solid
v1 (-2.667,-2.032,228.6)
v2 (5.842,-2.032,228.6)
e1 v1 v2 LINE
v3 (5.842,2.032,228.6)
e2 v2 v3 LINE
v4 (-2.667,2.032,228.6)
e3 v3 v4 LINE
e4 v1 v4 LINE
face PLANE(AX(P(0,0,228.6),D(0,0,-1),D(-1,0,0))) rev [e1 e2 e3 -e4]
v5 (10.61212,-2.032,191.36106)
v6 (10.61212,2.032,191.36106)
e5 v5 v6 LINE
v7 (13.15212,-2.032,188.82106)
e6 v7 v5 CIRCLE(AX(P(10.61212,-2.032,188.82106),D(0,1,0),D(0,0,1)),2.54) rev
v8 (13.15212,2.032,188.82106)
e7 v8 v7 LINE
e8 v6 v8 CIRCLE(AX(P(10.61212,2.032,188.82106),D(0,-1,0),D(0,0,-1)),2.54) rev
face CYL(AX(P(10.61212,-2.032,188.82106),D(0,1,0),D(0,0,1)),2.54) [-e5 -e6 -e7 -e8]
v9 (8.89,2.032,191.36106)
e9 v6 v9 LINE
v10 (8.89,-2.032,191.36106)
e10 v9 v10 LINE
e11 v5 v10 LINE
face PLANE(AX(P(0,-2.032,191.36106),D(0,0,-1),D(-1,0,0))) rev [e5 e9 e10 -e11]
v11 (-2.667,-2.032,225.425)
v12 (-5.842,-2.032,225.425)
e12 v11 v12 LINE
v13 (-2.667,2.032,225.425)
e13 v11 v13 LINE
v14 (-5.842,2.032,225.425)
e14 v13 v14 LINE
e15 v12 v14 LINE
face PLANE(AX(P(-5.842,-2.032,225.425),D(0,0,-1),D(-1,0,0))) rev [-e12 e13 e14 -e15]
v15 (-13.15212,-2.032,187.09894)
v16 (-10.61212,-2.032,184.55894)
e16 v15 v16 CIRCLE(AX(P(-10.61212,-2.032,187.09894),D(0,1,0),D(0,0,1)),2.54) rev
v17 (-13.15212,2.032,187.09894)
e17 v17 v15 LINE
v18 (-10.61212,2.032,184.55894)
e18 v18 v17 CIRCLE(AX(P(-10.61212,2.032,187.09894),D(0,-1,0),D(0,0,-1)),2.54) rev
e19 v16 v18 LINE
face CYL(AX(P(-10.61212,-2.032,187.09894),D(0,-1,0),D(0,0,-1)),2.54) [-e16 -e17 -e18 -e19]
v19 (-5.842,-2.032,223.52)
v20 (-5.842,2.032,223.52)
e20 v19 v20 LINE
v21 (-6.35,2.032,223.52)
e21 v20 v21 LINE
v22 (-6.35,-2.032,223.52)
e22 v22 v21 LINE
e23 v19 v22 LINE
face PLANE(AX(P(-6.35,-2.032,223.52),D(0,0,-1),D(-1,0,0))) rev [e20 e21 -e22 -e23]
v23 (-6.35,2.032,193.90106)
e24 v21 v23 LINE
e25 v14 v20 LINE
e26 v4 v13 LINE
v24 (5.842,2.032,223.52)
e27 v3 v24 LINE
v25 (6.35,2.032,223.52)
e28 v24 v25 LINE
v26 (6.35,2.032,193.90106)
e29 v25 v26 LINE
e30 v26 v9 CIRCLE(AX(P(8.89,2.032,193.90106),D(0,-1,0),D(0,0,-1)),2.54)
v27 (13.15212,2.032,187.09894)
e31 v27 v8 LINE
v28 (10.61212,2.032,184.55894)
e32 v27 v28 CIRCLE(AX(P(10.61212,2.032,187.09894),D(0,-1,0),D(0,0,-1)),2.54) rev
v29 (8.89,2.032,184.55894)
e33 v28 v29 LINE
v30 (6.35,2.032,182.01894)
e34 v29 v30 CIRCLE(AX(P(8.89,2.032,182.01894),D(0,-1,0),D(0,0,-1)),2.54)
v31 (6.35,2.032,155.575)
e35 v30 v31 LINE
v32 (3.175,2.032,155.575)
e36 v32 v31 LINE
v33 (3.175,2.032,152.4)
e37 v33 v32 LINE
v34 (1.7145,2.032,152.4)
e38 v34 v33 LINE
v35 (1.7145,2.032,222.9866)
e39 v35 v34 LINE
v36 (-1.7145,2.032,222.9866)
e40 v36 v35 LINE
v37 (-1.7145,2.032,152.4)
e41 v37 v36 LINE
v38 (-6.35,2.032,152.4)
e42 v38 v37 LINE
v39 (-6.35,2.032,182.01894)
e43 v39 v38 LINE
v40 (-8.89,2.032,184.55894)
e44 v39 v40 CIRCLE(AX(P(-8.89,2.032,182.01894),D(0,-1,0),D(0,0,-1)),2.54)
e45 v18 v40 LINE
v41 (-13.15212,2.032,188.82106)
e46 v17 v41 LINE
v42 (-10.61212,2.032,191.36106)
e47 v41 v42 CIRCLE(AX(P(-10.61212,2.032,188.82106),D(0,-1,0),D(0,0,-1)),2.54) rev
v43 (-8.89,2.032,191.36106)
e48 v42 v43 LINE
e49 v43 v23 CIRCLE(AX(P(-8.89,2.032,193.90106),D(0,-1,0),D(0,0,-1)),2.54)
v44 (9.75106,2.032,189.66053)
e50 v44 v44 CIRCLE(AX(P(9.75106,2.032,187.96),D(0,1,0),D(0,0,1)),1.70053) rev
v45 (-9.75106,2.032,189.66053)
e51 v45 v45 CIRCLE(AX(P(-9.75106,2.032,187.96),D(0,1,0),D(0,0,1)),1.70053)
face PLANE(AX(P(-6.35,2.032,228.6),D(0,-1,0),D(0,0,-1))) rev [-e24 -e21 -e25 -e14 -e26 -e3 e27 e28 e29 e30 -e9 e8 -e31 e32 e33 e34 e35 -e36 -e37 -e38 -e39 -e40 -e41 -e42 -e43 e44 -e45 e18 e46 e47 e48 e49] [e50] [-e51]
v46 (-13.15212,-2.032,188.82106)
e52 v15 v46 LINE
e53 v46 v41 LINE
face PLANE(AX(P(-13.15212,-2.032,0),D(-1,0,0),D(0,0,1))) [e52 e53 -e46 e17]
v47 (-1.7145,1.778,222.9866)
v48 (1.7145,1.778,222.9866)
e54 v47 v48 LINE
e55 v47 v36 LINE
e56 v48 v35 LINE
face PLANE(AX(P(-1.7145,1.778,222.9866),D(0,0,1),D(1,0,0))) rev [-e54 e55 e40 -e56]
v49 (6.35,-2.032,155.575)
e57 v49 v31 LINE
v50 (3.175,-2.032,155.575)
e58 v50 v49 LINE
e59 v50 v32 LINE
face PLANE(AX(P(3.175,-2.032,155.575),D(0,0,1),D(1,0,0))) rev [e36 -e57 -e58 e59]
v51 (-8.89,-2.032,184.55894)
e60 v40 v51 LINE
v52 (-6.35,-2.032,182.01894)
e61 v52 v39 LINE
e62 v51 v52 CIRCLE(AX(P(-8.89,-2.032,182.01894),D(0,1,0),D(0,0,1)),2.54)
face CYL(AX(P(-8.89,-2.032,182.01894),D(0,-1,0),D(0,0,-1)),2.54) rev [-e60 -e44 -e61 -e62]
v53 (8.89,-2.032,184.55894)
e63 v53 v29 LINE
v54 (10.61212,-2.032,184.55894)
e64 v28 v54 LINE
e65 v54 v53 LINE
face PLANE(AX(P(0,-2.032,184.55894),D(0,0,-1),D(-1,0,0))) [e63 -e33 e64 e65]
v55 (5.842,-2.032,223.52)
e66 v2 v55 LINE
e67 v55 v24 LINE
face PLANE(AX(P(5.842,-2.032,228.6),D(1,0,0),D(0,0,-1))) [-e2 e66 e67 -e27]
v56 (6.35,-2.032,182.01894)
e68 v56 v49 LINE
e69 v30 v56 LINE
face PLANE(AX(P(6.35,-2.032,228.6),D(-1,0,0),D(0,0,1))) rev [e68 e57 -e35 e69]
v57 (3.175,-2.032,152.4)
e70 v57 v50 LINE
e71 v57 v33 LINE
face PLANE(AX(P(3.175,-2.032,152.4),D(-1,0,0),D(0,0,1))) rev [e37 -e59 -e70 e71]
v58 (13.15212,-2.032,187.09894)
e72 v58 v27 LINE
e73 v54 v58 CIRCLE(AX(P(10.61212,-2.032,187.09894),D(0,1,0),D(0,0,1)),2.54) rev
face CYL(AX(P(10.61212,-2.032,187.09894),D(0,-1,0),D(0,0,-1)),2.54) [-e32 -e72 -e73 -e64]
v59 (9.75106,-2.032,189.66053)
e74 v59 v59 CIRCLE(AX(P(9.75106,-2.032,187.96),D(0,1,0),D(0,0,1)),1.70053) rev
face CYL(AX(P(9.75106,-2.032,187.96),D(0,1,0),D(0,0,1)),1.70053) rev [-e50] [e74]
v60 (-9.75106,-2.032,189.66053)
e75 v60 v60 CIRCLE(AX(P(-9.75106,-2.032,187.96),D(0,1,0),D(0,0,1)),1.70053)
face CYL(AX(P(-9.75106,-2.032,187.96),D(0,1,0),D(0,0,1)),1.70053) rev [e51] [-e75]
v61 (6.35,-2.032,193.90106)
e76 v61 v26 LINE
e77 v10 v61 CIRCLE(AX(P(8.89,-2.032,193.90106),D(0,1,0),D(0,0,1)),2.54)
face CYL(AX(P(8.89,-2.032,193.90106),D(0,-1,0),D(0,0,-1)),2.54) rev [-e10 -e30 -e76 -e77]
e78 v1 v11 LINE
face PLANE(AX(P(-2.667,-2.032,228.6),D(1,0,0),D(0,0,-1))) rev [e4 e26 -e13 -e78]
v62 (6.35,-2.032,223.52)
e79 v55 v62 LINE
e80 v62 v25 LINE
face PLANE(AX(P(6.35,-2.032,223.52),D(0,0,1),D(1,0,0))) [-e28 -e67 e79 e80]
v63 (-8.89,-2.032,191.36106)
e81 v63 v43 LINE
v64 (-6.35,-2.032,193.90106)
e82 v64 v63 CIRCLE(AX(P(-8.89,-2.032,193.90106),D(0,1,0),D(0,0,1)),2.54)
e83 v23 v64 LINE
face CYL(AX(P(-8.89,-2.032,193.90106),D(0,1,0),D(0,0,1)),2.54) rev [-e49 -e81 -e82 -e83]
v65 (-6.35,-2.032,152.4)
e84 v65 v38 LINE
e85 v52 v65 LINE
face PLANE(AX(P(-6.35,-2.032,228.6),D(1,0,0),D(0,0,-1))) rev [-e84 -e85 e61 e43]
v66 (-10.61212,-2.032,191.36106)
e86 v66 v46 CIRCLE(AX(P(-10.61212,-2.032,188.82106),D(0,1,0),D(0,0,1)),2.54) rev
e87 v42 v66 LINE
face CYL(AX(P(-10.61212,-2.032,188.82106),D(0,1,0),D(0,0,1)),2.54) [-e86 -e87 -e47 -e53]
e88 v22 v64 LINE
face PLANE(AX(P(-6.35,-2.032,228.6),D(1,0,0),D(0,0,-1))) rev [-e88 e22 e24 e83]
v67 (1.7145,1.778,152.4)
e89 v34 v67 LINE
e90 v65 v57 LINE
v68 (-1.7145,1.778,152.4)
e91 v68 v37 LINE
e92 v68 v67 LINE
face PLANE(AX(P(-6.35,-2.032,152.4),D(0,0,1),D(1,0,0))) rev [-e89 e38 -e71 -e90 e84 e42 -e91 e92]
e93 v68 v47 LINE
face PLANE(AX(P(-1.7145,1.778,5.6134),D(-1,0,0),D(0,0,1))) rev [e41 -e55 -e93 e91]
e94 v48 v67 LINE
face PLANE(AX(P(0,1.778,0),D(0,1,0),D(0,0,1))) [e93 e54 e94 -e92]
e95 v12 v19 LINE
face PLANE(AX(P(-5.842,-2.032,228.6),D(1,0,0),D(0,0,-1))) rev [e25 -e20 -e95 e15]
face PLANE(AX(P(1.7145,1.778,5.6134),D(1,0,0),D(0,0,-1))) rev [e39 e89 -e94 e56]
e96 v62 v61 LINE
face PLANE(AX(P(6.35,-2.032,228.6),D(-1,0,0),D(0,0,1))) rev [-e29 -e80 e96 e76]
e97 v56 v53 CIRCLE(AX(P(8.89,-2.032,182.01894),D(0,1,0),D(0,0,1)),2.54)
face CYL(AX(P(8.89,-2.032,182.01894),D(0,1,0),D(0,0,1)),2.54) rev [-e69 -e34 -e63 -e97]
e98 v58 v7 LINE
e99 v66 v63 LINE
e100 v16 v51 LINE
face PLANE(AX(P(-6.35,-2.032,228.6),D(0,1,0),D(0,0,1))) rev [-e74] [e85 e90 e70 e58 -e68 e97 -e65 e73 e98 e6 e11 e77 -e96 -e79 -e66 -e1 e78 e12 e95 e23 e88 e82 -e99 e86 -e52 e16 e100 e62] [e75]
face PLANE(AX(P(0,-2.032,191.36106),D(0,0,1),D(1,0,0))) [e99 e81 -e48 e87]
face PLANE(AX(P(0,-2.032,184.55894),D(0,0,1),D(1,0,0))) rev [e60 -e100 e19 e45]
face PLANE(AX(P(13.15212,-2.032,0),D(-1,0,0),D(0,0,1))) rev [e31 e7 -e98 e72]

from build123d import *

# Parameters (mm, degrees)
SKETCH1_W               = 12.7
SKETCH1_H               = 4.064
BOSS_EXTRUDE1_DEPTH     = 228.6
SKETCH2_W               = 3.429
SKETCH2_H               = 217.3732
CUT_EXTRUDE1_DEPTH      = 0.254
SKETCH3_W               = 0.508
SKETCH3_H               = 5.08
CUT_EXTRUDE2_DEPTH      = 229.724285103
MIRROR2_COPY_1_SKETCH_W = 0.508
MIRROR2_COPY_1_SKETCH_H = 5.08
MIRROR2_COPY_1_DEPTH    = 229.724285103
SKETCH4_W               = 3.175
SKETCH4_H               = 3.175
CUT_EXTRUDE3_DEPTH      = 229.724285103
CUT_EXTRUDE4_DEPTH      = 229.724285103
SKETCH7_W               = 6.80212
SKETCH7_H               = 6.80212
SKETCH7_R               = 1.70053
BOSS_EXTRUDE2_DEPTH     = 4.064
FILLET1_R               = 2.54


with BuildPart() as part:
    # Sketch1 → Boss-Extrude1 (new body)
    with BuildSketch(Plane.XY):
        Rectangle(SKETCH1_W, SKETCH1_H)
    extrude(amount=BOSS_EXTRUDE1_DEPTH)

    # Sketch2 → Cut-Extrude1 (cut)
    with BuildSketch(Plane(origin=(0, 2.032, 0), x_dir=(1, 0, 0), z_dir=(0, 1, 0))):
        with Locations((0, -114.3)):
            Rectangle(SKETCH2_W, SKETCH2_H)
    extrude(amount=-CUT_EXTRUDE1_DEPTH, mode=Mode.SUBTRACT)

    # Sketch3 → Cut-Extrude2 (cut, through all)
    with BuildSketch(Plane(origin=(0, 2.032, 0), x_dir=(1, 0, 0), z_dir=(0, 1, 0))):
        with Locations((-6.096, -226.06)):
            Rectangle(SKETCH3_W, SKETCH3_H)
    cut_extrude2 = extrude(amount=-CUT_EXTRUDE2_DEPTH, mode=Mode.SUBTRACT)

    # Mirror1: Cut-Extrude2 across plane
    add(cut_extrude2.mirror(Plane(origin=(0, 0, 114.3), x_dir=(1, 0, 0), z_dir=(0, 0, -1))), mode=Mode.SUBTRACT)

    # Mirror2: Cut-Extrude2 across plane
    add(cut_extrude2.mirror(Plane(origin=(0, 0, 0), x_dir=(0, 0, 1), z_dir=(1, 0, 0))), mode=Mode.SUBTRACT)

    # Mirror2 copy 1 sketch → Mirror2 copy 1 (cut, through all)
    with BuildSketch(Plane(origin=(0, 2.032, 228.6), x_dir=(-1, 0, 0), z_dir=(0, 1, 0))):
        with Locations((-6.096, -226.06)):
            Rectangle(MIRROR2_COPY_1_SKETCH_W, MIRROR2_COPY_1_SKETCH_H)
    extrude(amount=-MIRROR2_COPY_1_DEPTH, mode=Mode.SUBTRACT)

    # Sketch4 → Cut-Extrude3 (cut, through all)
    with BuildSketch(Plane(origin=(0, 2.032, 0), x_dir=(1, 0, 0), z_dir=(0, 1, 0))):
        with Locations((-4.2545, -227.0125)):
            Rectangle(SKETCH4_W, SKETCH4_H)
    extrude(amount=-CUT_EXTRUDE3_DEPTH, mode=Mode.SUBTRACT)

    # Sketch5 → Cut-Extrude4 (cut, through all)
    with BuildSketch(Plane(origin=(0, 2.032, 0), x_dir=(1, 0, 0), z_dir=(0, 1, 0))):
        Polygon((-6.35, 0), (6.35, 0), (6.35, -152.4), (6.35, -155.575), (3.175, -155.575), (3.175, -152.4), (-6.35, -152.4), align=None)
    extrude(amount=-CUT_EXTRUDE4_DEPTH, mode=Mode.SUBTRACT)

    # Sketch7 → Boss-Extrude2 (add, through all)
    # profile 1 of 2: a face of its own
    with BuildSketch(Plane(origin=(0, 2.032, 0), x_dir=(1, 0, 0), z_dir=(0, 1, 0))):
        with Locations((9.75106, -187.96)):
            Rectangle(SKETCH7_W, SKETCH7_H)
        with Locations(Location((9.75106, -187.96, 0), (0, 0, 270))):
            Circle(SKETCH7_R, mode=Mode.SUBTRACT)
    # profile 2 of 2: a face of its own
    with BuildSketch(Plane(origin=(0, 2.032, 0), x_dir=(1, 0, 0), z_dir=(0, 1, 0))):
        with Locations((-9.75106, -187.96)):
            Rectangle(SKETCH7_W, SKETCH7_H)
        with Locations(Location((-9.75106, -187.96, 0), (0, 0, 270))):
            Circle(SKETCH7_R, mode=Mode.SUBTRACT)
    extrude(amount=-BOSS_EXTRUDE2_DEPTH)

    # Fillet1
    fillet1_edges = [part.edges().sort_by_distance(p)[0] for p in [
        (6.35, 0, 191.36106),
        (13.15212, 0, 191.36106),
        (13.15212, 0, 184.55894),
        (6.35, 0, 184.55894),
        (-13.15212, 0, 184.55894),
        (-6.35, 0, 184.55894),
        (-13.15212, 0, 191.36106),
        (-6.35, 0, 191.36106),
    ]]
    fillet(fillet1_edges, radius=FILLET1_R)


solid = part.part
